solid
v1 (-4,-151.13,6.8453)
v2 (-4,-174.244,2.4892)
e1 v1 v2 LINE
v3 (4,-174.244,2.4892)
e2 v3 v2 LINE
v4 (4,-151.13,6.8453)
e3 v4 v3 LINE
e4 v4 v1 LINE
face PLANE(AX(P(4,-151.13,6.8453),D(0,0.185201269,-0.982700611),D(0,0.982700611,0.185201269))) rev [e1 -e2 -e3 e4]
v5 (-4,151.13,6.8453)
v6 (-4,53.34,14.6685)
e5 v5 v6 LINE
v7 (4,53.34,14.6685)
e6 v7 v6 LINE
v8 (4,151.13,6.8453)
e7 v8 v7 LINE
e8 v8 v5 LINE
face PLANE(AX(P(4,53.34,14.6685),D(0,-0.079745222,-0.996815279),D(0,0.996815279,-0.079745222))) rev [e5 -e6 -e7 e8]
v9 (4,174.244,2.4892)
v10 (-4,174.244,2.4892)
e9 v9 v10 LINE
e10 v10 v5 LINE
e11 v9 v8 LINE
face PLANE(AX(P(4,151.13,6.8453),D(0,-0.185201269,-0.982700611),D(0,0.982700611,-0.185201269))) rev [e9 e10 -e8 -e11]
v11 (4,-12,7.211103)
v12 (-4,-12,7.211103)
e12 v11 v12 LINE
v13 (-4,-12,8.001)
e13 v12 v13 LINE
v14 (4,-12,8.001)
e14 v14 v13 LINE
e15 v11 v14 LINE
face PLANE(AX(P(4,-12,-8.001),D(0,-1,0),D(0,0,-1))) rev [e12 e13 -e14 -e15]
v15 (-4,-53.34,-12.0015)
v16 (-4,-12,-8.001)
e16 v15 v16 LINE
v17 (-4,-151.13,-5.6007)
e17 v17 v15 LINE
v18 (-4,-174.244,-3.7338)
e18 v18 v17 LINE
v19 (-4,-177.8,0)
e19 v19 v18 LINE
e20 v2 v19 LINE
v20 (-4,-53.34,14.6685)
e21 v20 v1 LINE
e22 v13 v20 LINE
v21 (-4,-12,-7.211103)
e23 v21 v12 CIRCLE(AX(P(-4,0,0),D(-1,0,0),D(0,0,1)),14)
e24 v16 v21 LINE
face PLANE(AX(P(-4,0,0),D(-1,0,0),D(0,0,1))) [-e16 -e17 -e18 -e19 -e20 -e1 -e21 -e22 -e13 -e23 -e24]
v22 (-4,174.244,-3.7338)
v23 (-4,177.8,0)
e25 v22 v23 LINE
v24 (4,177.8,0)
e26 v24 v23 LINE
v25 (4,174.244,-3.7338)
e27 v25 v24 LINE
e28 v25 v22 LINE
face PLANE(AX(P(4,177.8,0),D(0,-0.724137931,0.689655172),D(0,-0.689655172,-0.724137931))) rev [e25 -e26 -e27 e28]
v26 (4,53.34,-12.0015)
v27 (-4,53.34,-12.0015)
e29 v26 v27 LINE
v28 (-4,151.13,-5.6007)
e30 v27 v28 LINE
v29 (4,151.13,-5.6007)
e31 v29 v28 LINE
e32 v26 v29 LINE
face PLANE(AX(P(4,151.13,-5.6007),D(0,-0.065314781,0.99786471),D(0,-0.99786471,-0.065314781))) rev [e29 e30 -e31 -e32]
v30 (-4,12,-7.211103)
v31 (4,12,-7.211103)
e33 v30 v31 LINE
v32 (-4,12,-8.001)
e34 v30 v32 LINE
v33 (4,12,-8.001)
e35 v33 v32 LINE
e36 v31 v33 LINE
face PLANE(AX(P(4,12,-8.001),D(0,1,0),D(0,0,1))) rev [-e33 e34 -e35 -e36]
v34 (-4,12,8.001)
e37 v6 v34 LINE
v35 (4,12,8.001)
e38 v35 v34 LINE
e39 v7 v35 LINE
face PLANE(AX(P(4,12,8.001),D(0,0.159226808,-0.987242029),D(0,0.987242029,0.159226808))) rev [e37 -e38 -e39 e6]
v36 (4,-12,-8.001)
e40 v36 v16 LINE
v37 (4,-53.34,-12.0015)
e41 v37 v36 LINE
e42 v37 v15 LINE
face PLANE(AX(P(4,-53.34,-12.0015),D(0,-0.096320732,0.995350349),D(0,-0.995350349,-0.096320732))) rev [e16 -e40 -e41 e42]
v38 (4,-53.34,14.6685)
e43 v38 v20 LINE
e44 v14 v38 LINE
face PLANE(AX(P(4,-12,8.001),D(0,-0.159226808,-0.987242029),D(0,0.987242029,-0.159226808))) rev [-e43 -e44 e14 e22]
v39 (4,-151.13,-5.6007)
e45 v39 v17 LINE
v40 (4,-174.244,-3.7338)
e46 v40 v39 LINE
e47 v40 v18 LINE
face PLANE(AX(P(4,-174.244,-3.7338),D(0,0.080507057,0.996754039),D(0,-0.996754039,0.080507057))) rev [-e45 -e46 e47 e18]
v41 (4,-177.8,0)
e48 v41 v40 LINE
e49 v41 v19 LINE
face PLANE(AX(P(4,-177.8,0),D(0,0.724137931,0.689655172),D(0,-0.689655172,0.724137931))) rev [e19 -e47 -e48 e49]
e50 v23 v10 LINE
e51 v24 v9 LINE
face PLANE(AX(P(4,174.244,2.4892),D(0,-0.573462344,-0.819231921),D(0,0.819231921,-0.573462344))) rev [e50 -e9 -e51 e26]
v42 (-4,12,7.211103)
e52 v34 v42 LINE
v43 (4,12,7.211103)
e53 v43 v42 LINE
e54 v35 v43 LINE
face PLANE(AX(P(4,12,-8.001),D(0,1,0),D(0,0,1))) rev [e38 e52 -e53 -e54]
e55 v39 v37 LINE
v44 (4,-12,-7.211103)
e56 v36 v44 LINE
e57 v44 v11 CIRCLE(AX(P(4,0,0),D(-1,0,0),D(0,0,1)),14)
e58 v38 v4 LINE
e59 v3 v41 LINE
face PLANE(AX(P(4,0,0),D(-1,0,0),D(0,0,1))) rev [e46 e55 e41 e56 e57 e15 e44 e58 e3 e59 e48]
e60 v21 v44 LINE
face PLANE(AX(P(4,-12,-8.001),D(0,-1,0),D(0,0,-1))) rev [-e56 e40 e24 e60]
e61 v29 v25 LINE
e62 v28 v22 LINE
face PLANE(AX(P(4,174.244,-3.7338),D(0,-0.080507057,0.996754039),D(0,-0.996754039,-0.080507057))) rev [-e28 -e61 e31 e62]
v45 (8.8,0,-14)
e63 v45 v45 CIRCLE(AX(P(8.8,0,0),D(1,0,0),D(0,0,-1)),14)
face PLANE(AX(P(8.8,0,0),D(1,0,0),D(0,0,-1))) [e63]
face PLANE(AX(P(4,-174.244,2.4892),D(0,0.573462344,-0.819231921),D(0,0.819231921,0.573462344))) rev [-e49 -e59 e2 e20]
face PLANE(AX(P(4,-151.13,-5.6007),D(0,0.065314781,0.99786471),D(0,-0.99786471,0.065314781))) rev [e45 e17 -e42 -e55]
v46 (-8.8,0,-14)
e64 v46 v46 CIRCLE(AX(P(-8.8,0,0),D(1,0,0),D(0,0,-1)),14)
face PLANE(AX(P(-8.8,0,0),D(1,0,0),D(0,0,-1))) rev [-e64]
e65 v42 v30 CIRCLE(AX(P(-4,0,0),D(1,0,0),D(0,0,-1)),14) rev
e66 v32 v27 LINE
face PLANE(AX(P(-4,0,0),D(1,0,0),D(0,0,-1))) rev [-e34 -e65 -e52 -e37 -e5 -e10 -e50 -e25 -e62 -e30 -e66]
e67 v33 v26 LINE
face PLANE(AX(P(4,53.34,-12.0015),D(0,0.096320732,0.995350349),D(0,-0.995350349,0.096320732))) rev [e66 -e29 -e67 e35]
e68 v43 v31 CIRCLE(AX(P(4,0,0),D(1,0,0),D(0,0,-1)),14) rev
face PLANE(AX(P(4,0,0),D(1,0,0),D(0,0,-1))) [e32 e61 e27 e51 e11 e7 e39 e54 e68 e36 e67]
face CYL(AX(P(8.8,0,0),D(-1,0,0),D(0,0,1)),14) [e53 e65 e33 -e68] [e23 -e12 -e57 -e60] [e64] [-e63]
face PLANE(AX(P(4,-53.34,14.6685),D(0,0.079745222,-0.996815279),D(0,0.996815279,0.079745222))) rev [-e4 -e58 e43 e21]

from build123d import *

# Parameters (mm, degrees)
BOSS_EXTRUDE1_DEPTH   = 4
BOSS_EXTRUDE1_2_DEPTH = 4
SKETCH2_R             = 14
BOSS_EXTRUDE2_DEPTH   = 8.8


with BuildPart() as part:
    # Sketch1 → Boss-Extrude1 (new, symmetric)
    with BuildSketch(Plane(origin=(0, 0, 0), x_dir=(0, 0, -1), z_dir=(1, 0, 0))):
        Polygon((-8.001, 12), (-14.6685, 53.34), (-6.8453, 151.13), (-2.4892, 174.244), (0, 177.8), (3.7338, 174.244), (5.6007, 151.13), (12.0015, 53.34), (8.001, 12), align=None)
    extrude(amount=BOSS_EXTRUDE1_DEPTH, both=True)



with BuildPart() as body_2:
    # Sketch1 → Boss-Extrude1 2 (new, symmetric)
    with BuildSketch(Plane(origin=(0, 0, 0), x_dir=(0, 0, -1), z_dir=(1, 0, 0))):
        Polygon((-8.001, -12), (-14.6685, -53.34), (-6.8453, -151.13), (-2.4892, -174.244), (0, -177.8), (3.7338, -174.244), (5.6007, -151.13), (12.0015, -53.34), (8.001, -12), align=None)
    extrude(amount=BOSS_EXTRUDE1_2_DEPTH, both=True)


with BuildPart() as part_1:
    add(part.part)

    add(body_2.part)  # Boss-Extrude2 merges body 2
    # Sketch2 → Boss-Extrude2 (add, symmetric)
    with BuildSketch(Plane(origin=(0, 0, 0), x_dir=(0, 0, -1), z_dir=(1, 0, 0))):
        Circle(SKETCH2_R)
    extrude(amount=BOSS_EXTRUDE2_DEPTH, both=True)


solid = part_1.part
